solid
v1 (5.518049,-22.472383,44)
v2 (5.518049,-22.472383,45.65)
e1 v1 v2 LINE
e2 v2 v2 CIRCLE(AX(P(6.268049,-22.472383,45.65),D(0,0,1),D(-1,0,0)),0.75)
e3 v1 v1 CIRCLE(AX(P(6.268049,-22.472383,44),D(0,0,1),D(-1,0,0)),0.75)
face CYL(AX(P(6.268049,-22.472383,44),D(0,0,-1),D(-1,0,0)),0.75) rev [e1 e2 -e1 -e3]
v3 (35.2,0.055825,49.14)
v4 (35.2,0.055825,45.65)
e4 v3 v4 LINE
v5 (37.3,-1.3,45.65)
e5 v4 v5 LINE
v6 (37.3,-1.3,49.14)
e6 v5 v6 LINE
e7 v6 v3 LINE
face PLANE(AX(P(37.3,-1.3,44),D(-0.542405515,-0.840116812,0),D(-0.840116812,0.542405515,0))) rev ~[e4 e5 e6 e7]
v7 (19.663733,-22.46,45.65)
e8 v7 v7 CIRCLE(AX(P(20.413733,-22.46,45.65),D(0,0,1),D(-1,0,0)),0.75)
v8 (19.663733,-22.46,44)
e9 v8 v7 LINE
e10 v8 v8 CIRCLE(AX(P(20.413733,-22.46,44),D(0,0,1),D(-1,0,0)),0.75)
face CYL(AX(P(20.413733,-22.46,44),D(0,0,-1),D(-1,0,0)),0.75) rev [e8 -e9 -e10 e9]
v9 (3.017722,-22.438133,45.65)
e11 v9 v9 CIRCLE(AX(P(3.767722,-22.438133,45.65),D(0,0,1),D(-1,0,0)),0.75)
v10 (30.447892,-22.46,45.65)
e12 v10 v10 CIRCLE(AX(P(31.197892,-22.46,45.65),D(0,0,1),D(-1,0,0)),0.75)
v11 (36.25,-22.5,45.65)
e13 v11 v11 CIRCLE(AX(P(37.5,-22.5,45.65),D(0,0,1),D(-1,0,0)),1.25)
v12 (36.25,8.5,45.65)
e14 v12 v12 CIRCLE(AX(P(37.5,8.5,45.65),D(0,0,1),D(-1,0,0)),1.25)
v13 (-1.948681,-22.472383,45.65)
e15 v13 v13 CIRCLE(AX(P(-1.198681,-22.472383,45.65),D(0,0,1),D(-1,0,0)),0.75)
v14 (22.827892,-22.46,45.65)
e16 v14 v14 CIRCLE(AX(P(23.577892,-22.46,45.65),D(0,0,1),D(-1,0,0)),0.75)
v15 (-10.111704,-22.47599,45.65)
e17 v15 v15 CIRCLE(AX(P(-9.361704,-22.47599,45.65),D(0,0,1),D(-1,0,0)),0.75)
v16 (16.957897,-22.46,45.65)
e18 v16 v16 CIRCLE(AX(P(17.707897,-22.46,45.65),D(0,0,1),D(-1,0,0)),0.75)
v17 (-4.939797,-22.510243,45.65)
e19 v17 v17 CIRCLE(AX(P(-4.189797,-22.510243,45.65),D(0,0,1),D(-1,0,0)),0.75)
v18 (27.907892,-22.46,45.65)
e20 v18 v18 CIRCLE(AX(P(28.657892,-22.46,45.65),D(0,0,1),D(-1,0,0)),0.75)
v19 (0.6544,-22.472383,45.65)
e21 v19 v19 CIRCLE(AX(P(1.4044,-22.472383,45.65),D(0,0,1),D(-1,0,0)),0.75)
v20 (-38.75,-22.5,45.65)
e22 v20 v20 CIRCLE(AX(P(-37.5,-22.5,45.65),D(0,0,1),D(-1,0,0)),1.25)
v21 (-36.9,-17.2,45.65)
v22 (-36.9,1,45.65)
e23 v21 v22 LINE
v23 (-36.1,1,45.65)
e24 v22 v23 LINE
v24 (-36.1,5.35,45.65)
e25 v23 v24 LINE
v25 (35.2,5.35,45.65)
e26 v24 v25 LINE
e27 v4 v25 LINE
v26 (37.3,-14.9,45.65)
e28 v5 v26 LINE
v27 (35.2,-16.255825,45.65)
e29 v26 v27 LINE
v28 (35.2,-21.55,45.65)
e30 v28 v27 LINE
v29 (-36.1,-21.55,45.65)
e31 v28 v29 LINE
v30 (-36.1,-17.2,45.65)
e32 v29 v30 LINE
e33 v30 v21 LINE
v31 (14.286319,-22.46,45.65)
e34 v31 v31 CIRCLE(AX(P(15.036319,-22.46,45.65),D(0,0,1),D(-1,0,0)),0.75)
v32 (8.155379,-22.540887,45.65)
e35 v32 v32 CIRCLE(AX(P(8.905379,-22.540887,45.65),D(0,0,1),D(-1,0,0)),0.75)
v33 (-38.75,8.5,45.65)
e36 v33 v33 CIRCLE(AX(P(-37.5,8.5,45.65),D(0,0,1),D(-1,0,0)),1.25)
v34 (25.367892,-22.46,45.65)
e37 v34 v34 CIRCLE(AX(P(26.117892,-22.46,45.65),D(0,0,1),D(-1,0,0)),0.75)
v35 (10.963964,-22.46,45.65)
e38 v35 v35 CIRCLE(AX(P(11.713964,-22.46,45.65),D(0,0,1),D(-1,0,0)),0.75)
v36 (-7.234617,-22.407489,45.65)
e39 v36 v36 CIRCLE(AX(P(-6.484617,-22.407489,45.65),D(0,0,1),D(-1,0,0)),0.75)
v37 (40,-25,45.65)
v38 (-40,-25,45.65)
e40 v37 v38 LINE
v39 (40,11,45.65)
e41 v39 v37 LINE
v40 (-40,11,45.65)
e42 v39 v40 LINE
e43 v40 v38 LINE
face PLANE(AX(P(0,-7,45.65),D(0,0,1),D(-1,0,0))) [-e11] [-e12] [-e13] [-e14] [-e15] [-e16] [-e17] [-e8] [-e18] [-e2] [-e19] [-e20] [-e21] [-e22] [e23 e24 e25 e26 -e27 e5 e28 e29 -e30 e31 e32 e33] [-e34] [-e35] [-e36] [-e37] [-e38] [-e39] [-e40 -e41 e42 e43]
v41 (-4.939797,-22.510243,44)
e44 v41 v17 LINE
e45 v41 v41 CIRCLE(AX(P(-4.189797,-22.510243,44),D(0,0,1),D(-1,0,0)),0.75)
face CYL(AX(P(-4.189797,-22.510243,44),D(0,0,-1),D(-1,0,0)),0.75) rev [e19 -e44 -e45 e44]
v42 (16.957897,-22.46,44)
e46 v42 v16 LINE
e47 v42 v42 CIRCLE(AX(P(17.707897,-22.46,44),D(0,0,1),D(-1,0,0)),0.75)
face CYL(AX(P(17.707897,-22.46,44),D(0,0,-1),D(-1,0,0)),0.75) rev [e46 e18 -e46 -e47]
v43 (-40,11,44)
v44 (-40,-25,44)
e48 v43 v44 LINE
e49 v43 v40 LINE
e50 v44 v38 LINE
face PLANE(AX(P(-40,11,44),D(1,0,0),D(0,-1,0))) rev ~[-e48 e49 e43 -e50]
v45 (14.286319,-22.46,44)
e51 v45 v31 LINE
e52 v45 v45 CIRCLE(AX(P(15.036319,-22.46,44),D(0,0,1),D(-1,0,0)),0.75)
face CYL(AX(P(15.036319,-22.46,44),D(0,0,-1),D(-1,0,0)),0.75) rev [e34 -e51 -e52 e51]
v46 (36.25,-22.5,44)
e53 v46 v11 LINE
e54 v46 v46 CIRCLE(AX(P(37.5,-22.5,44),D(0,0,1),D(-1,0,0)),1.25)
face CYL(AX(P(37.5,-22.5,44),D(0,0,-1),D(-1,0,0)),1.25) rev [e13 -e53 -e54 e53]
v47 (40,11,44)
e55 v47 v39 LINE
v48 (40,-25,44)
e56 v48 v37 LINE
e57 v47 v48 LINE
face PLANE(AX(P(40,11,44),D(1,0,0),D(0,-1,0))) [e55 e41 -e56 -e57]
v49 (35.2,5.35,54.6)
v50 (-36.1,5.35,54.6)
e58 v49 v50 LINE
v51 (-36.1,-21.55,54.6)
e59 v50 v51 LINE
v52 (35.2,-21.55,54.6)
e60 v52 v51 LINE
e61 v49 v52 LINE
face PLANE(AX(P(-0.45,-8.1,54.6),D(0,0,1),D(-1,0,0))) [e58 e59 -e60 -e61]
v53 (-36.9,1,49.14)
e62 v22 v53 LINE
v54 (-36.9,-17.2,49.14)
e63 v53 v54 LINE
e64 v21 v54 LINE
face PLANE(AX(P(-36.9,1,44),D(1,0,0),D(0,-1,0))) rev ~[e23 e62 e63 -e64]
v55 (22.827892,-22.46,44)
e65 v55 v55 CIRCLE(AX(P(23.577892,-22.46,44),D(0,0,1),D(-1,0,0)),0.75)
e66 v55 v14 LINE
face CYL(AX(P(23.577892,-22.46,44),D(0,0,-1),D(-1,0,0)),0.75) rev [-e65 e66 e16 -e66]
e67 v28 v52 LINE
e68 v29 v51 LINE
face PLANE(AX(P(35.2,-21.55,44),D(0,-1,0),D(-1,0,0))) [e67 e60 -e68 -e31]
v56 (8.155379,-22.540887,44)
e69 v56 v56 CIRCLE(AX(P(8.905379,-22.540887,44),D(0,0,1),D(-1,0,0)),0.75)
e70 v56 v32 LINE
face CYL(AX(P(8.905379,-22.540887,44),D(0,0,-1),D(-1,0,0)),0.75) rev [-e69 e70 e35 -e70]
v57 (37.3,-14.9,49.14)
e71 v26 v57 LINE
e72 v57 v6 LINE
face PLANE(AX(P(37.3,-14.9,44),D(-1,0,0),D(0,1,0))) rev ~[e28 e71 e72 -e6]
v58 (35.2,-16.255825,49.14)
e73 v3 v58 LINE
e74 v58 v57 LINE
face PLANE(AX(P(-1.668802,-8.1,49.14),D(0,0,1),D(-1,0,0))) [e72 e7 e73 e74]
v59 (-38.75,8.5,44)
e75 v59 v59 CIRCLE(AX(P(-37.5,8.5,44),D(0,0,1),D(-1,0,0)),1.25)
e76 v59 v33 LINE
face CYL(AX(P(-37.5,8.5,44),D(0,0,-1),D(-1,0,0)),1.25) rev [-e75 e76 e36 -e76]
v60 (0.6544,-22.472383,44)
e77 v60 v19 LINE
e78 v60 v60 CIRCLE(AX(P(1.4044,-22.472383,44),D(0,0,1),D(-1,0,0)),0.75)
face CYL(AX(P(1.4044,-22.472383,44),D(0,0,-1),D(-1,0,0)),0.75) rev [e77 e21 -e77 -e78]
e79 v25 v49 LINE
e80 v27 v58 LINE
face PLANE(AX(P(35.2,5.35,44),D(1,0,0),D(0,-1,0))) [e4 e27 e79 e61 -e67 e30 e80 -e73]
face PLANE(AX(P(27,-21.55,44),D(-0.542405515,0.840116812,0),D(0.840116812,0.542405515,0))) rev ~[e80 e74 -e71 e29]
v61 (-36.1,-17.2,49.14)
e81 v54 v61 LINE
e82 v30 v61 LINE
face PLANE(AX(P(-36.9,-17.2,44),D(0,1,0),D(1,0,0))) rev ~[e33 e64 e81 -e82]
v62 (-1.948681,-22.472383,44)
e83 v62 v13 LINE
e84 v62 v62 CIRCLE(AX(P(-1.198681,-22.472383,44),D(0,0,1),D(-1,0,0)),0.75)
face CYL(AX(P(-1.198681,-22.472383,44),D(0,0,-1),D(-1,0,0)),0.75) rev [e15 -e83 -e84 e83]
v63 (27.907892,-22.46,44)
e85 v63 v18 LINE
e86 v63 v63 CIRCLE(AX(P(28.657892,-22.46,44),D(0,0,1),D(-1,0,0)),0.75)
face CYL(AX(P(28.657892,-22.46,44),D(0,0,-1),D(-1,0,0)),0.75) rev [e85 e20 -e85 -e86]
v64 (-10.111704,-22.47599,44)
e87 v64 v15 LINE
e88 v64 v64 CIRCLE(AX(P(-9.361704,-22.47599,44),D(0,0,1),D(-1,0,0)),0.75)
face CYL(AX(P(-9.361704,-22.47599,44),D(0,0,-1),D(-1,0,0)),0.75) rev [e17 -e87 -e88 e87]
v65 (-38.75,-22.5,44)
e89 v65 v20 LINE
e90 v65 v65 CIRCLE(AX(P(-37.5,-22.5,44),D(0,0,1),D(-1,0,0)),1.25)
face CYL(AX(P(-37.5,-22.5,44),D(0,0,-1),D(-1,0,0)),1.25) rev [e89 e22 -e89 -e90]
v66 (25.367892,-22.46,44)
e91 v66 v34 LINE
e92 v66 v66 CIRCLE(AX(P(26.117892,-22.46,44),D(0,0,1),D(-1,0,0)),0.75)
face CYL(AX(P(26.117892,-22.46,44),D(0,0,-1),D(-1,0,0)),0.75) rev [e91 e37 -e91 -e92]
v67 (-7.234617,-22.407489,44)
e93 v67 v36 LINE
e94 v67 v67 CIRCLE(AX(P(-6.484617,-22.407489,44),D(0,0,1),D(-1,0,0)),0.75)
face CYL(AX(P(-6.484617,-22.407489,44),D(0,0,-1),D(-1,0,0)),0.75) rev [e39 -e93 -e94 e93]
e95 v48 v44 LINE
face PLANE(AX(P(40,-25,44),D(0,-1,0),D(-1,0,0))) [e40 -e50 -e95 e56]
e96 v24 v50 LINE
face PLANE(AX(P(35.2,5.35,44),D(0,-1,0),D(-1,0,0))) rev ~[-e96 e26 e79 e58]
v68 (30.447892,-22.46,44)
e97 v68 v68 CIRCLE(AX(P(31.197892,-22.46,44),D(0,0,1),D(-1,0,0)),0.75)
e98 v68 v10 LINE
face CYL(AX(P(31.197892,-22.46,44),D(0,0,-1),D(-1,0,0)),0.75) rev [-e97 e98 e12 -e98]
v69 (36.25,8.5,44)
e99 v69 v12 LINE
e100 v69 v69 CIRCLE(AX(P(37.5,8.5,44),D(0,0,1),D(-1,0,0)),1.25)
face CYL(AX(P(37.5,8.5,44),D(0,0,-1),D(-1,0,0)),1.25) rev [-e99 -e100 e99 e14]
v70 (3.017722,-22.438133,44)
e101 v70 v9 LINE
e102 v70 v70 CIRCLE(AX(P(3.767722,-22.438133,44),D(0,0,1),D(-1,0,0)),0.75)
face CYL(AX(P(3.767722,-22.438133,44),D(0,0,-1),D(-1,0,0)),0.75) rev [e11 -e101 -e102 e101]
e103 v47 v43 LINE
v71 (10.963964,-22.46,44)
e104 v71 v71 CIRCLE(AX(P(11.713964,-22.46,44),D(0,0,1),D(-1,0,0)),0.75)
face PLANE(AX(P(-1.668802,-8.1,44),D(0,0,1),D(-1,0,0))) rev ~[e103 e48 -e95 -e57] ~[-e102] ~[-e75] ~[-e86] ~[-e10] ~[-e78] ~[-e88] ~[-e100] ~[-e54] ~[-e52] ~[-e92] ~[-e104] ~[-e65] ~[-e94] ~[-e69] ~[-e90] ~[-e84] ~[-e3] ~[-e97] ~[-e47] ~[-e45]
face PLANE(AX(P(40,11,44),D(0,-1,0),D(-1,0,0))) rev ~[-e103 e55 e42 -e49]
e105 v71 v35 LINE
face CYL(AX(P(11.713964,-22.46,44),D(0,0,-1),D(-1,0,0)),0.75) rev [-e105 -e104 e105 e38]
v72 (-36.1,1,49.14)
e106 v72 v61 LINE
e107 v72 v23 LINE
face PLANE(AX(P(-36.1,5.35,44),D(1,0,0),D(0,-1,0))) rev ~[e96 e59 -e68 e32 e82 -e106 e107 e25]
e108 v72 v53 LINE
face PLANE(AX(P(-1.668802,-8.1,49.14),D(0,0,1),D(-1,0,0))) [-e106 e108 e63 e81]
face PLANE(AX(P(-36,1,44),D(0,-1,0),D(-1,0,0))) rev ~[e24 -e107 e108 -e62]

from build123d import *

# Parameters (mm, degrees)
PAD010002001008_DEPTH     = 5.14
SKETCH015_W               = 71.3
SKETCH015_H               = 26.9
PAD010002001007_DEPTH     = 10.6
SKETCH014_W               = 80
SKETCH014_H               = 36
SKETCH014_R               = 1.25
SKETCH014_R_2             = 0.75
PAD010002001006_DEPTH     = 1.65
FUSION006_PLACEMENT_ANGLE = 180


with BuildPart() as displayinsert:
    # Sketch016 → Pad010002001008 (new body)
    with BuildSketch(Plane(origin=(4.5, 1.1, 0), x_dir=(1, 0, 0), z_dir=(0, 0, 1))):
        Polygon((31.5, 13.45), (-31.5, 13.45), (-41.8, 6.8), (-41.8, -6.8), (-31.5, -13.45), (31.5, -13.45), (31.5, -9.1), (32.4, -9.1), (32.4, 9.1), (31.5, 9.1), align=None)
    extrude(amount=PAD010002001008_DEPTH)


with BuildPart() as displaybody:
    # Sketch015 → Pad010002001007 (new body)
    with BuildSketch(Plane(origin=(0.45, 1.1, 0), x_dir=(1, 0, 0), z_dir=(0, 0, 1))):
        Rectangle(SKETCH015_W, SKETCH015_H)
    extrude(amount=PAD010002001007_DEPTH)


with BuildPart() as display:
    # Sketch014 → Pad010002001006 (new body)
    with BuildSketch(Plane.XY):
        Rectangle(SKETCH014_W, SKETCH014_H)
        with Locations((-37.5, 15.5)):
            Circle(SKETCH014_R, mode=Mode.SUBTRACT)
        with Locations((-37.5, -15.5)):
            Circle(SKETCH014_R, mode=Mode.SUBTRACT)
        with Locations((37.5, -15.5)):
            Circle(SKETCH014_R, mode=Mode.SUBTRACT)
        with Locations((37.5, 15.5)):
            Circle(SKETCH014_R, mode=Mode.SUBTRACT)
        with Locations((-31.197892, 15.46)):
            Circle(SKETCH014_R_2, mode=Mode.SUBTRACT)
        with Locations((-28.657892, 15.46)):
            Circle(SKETCH014_R_2, mode=Mode.SUBTRACT)
        with Locations((-26.117892, 15.46)):
            Circle(SKETCH014_R_2, mode=Mode.SUBTRACT)
        with Locations((-23.577892, 15.46)):
            Circle(SKETCH014_R_2, mode=Mode.SUBTRACT)
        with Locations((-20.413733, 15.46)):
            Circle(SKETCH014_R_2, mode=Mode.SUBTRACT)
        with Locations((-17.707897, 15.46)):
            Circle(SKETCH014_R_2, mode=Mode.SUBTRACT)
        with Locations((-15.036319, 15.46)):
            Circle(SKETCH014_R_2, mode=Mode.SUBTRACT)
        with Locations((-11.713964, 15.46)):
            Circle(SKETCH014_R_2, mode=Mode.SUBTRACT)
        with Locations((-8.905379, 15.540887)):
            Circle(SKETCH014_R_2, mode=Mode.SUBTRACT)
        with Locations((-6.268049, 15.472383)):
            Circle(SKETCH014_R_2, mode=Mode.SUBTRACT)
        with Locations((-3.767722, 15.438133)):
            Circle(SKETCH014_R_2, mode=Mode.SUBTRACT)
        with Locations((-1.4044, 15.472383)):
            Circle(SKETCH014_R_2, mode=Mode.SUBTRACT)
        with Locations((1.198681, 15.472383)):
            Circle(SKETCH014_R_2, mode=Mode.SUBTRACT)
        with Locations((4.189797, 15.510243)):
            Circle(SKETCH014_R_2, mode=Mode.SUBTRACT)
        with Locations((6.484617, 15.407489)):
            Circle(SKETCH014_R_2, mode=Mode.SUBTRACT)
        with Locations((9.361704, 15.47599)):
            Circle(SKETCH014_R_2, mode=Mode.SUBTRACT)
    extrude(amount=PAD010002001006_DEPTH)

    # Fusion005: union DisplayBody
    add(displaybody.part)

    # Fusion006: union DisplayInsert
    add(displayinsert.part)


with BuildPart() as display_1:
    # Fusion006 placement: moved
    add(display.part.moved(Location((0, -7, 44))).rotate(Axis((0, -7, 44), (0, 0, 1)), FUSION006_PLACEMENT_ANGLE))


solid = display_1.part
